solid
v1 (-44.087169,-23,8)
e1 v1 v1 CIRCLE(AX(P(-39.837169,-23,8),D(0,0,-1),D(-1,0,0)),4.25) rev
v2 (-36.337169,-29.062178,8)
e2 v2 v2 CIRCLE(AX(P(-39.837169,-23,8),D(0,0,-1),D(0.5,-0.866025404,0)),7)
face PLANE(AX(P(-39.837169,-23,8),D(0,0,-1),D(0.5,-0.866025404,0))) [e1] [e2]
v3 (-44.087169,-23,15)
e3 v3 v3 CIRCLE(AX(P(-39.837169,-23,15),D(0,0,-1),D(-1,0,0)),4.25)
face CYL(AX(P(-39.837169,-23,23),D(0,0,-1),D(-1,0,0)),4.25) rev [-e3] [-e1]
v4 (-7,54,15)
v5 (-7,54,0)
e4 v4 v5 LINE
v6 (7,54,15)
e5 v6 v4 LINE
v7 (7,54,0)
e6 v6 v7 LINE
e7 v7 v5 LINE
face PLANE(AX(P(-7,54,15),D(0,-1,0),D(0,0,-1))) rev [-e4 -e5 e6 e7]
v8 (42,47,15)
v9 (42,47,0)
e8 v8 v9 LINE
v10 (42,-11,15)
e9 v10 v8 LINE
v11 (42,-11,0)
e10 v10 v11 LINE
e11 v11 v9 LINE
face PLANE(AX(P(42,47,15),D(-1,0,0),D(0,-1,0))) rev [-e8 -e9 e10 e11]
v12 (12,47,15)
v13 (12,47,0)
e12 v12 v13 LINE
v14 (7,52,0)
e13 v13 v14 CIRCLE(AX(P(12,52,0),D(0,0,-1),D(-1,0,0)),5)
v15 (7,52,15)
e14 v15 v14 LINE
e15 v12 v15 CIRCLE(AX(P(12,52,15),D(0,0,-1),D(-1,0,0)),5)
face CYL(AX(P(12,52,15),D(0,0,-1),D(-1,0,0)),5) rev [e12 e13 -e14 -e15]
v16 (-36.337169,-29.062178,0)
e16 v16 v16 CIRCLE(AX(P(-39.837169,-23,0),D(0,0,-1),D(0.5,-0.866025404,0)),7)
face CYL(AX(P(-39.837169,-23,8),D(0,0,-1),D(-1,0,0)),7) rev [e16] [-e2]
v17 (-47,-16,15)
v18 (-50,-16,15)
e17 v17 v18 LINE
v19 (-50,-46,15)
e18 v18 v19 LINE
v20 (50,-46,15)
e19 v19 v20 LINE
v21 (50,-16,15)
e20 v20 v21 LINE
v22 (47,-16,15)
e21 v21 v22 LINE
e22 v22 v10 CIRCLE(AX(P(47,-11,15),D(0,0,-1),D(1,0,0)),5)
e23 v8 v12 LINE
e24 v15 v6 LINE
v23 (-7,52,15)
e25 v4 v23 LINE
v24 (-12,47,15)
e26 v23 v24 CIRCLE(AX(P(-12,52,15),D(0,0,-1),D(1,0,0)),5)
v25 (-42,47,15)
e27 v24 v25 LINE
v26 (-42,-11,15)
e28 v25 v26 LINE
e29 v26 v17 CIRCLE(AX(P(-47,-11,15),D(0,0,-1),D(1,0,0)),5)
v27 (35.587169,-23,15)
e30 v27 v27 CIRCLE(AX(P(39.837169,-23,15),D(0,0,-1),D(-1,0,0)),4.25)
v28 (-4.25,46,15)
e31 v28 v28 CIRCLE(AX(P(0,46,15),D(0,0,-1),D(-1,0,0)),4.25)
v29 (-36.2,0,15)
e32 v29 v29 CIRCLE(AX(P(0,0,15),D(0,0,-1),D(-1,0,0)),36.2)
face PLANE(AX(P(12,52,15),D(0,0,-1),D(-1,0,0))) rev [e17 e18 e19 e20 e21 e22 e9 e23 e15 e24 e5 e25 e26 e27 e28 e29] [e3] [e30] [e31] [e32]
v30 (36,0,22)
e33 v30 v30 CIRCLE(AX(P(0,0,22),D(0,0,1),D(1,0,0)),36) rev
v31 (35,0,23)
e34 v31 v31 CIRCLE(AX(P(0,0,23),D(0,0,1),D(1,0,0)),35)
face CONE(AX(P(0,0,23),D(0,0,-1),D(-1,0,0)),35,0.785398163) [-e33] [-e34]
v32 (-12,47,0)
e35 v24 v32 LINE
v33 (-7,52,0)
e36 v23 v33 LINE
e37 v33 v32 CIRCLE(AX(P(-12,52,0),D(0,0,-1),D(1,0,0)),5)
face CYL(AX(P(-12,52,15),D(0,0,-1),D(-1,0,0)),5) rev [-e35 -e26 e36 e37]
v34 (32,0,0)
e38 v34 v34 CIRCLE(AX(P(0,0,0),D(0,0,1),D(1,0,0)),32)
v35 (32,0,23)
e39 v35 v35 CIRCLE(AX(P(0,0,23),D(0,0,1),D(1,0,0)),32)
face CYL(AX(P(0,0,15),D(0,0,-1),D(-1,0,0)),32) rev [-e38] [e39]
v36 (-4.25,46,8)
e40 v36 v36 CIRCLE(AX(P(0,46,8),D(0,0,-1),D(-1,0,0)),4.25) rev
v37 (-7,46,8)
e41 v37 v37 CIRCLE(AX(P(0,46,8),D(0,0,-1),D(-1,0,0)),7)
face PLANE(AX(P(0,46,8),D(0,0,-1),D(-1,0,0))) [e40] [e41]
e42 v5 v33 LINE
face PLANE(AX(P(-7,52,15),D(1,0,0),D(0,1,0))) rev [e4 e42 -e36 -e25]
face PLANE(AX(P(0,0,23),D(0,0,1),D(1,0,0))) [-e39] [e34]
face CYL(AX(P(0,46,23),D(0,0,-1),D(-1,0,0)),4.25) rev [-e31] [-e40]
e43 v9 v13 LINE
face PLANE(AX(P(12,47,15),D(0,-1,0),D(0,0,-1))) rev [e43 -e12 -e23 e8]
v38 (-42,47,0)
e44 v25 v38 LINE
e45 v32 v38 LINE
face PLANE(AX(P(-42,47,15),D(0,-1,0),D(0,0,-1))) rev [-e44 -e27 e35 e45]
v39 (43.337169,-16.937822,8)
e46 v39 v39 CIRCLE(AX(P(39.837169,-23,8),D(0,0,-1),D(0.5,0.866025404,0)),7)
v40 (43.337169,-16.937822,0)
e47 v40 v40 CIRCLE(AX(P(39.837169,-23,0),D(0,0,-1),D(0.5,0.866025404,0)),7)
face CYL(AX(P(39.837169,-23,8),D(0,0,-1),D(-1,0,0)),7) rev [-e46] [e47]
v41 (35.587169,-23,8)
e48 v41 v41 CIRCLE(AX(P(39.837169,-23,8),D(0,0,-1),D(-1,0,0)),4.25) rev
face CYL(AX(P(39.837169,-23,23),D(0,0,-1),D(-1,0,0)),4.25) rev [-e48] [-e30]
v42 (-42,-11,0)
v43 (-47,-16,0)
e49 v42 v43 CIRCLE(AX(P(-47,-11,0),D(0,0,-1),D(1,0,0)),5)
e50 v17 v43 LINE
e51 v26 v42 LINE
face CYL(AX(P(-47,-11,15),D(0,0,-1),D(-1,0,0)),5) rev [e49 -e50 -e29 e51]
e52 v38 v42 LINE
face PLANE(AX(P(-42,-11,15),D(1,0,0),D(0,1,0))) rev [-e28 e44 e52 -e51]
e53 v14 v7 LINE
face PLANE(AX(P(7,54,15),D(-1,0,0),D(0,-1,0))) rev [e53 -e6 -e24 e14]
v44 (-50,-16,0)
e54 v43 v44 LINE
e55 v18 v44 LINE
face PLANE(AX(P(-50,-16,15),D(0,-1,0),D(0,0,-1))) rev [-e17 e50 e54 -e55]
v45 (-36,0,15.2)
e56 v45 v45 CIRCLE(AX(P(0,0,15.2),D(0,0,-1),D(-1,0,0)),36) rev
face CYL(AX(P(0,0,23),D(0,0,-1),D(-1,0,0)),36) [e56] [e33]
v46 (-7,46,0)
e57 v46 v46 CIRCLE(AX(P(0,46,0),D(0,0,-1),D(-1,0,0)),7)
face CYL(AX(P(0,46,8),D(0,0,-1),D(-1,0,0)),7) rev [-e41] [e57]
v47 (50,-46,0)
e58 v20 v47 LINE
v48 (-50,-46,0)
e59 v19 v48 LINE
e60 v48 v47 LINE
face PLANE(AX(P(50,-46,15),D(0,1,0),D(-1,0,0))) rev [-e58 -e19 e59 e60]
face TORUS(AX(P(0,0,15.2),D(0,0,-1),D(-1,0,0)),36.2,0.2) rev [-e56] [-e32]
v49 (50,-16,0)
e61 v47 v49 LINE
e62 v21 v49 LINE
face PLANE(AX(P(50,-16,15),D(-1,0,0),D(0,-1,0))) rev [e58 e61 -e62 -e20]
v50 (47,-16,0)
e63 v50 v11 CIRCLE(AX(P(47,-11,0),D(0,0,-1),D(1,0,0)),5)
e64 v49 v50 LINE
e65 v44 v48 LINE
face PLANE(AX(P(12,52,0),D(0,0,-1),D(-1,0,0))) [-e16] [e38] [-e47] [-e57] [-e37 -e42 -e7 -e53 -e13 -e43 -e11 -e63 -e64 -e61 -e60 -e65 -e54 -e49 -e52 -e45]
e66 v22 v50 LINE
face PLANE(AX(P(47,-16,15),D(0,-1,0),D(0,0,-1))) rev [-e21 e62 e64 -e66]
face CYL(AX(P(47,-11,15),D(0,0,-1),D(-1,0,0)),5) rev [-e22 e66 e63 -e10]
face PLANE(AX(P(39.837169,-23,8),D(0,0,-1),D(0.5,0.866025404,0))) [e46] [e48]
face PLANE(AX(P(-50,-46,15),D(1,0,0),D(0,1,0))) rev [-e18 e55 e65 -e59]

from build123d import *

# Parameters (mm, degrees)
ESQUISSE1_R                  = 32
BOSS_EXTRU_1_DEPTH           = 15
ESQUISSE2_R                  = 36
ESQUISSE2_R_2                = 32
BOSS_EXTRU_2_DEPTH           = 8
CHANFREIN1_SIZE              = 1
CONG_1_R                     = 0.2
ESQUISSE3_R                  = 4.25
ENL_V_MAT_EXTRU_1_DEPTH      = 24
ESQUISSE4_R                  = 7
ENL_V_MAT_EXTRU_2_DEPTH      = 8
R_P_TITION_CIRCULAIRE1_COUNT = 3


with BuildPart() as part:
    # Esquisse1 → Boss.-Extru.1 (new body)
    with BuildSketch(Plane.XY):
        with BuildLine():
            Line((-7, 54), (7, 54))
            Line((7, 54), (7, 52))
            ThreePointArc((7, 52), (8.464466094, 48.464466094), (12, 47))
            Line((12, 47), (42, 47))
            Line((42, 47), (42, -11))
            ThreePointArc((42, -11), (43.464466094, -14.535533906), (47, -16))
            Line((47, -16), (50, -16))
            Line((50, -16), (50, -46))
            Line((50, -46), (-50, -46))
            Line((-50, -46), (-50, -16))
            Line((-50, -16), (-47, -16))
            ThreePointArc((-47, -16), (-43.464466094, -14.535533906), (-42, -11))
            Line((-42, -11), (-42, 47))
            Line((-42, 47), (-12, 47))
            ThreePointArc((-12, 47), (-8.464466094, 48.464466094), (-7, 52))
            Line((-7, 52), (-7, 54))
        make_face()
        Circle(ESQUISSE1_R, mode=Mode.SUBTRACT)
    extrude(amount=BOSS_EXTRU_1_DEPTH)

    # Esquisse2 → Boss.-Extru.2 (add)
    with BuildSketch(Plane.XY.offset(15)):
        with Locations(Location((0, 0, 0), (0, 0, 180))):  # turned: the seam where the file's is
            Circle(ESQUISSE2_R)
        Circle(ESQUISSE2_R_2, mode=Mode.SUBTRACT)
    extrude(amount=BOSS_EXTRU_2_DEPTH)

    # Chanfrein1
    chanfrein1_edges = [part.edges().sort_by_distance(p)[0] for p in [
        (36, 0, 23),
    ]]
    chamfer(chanfrein1_edges, length=CHANFREIN1_SIZE)

    # Congé1
    cong_1_edges = [part.edges().sort_by_distance(p)[0] for p in [
        (36, 0, 15),
    ]]
    fillet(cong_1_edges, radius=CONG_1_R)

    # Esquisse3 → Enlèv. mat.-Extru.1 (cut, through all)
    with BuildSketch(Plane(origin=(0, 0, 0), x_dir=(-1, 0, 0), z_dir=(0, 0, -1))):
        with Locations((0, 46)):
            Circle(ESQUISSE3_R)
    enl_v_mat_extru_1 = extrude(amount=-ENL_V_MAT_EXTRU_1_DEPTH, mode=Mode.SUBTRACT)

    # Esquisse4 → Enlèv. mat.-Extru.2 (cut)
    with BuildSketch(Plane(origin=(0, 0, 0), x_dir=(-1, 0, 0), z_dir=(0, 0, -1))):
        with Locations((0, 46)):
            Circle(ESQUISSE4_R)
    enl_v_mat_extru_2 = extrude(amount=-ENL_V_MAT_EXTRU_2_DEPTH, mode=Mode.SUBTRACT)

    # Répétition circulaire1: Enlèv. mat.-Extru.1, Enlèv. mat.-Extru.2 ×3 about axis
    r_p_tition_circulaire1_axis = Axis((0, 0, 0), (0, 0, 1))
    add([enl_v_mat_extru_1.rotate(r_p_tition_circulaire1_axis, i * 360 / R_P_TITION_CIRCULAIRE1_COUNT) for i in range(1, R_P_TITION_CIRCULAIRE1_COUNT)], mode=Mode.SUBTRACT)
    add([enl_v_mat_extru_2.rotate(r_p_tition_circulaire1_axis, i * 360 / R_P_TITION_CIRCULAIRE1_COUNT) for i in range(1, R_P_TITION_CIRCULAIRE1_COUNT)], mode=Mode.SUBTRACT)


solid = part.part
